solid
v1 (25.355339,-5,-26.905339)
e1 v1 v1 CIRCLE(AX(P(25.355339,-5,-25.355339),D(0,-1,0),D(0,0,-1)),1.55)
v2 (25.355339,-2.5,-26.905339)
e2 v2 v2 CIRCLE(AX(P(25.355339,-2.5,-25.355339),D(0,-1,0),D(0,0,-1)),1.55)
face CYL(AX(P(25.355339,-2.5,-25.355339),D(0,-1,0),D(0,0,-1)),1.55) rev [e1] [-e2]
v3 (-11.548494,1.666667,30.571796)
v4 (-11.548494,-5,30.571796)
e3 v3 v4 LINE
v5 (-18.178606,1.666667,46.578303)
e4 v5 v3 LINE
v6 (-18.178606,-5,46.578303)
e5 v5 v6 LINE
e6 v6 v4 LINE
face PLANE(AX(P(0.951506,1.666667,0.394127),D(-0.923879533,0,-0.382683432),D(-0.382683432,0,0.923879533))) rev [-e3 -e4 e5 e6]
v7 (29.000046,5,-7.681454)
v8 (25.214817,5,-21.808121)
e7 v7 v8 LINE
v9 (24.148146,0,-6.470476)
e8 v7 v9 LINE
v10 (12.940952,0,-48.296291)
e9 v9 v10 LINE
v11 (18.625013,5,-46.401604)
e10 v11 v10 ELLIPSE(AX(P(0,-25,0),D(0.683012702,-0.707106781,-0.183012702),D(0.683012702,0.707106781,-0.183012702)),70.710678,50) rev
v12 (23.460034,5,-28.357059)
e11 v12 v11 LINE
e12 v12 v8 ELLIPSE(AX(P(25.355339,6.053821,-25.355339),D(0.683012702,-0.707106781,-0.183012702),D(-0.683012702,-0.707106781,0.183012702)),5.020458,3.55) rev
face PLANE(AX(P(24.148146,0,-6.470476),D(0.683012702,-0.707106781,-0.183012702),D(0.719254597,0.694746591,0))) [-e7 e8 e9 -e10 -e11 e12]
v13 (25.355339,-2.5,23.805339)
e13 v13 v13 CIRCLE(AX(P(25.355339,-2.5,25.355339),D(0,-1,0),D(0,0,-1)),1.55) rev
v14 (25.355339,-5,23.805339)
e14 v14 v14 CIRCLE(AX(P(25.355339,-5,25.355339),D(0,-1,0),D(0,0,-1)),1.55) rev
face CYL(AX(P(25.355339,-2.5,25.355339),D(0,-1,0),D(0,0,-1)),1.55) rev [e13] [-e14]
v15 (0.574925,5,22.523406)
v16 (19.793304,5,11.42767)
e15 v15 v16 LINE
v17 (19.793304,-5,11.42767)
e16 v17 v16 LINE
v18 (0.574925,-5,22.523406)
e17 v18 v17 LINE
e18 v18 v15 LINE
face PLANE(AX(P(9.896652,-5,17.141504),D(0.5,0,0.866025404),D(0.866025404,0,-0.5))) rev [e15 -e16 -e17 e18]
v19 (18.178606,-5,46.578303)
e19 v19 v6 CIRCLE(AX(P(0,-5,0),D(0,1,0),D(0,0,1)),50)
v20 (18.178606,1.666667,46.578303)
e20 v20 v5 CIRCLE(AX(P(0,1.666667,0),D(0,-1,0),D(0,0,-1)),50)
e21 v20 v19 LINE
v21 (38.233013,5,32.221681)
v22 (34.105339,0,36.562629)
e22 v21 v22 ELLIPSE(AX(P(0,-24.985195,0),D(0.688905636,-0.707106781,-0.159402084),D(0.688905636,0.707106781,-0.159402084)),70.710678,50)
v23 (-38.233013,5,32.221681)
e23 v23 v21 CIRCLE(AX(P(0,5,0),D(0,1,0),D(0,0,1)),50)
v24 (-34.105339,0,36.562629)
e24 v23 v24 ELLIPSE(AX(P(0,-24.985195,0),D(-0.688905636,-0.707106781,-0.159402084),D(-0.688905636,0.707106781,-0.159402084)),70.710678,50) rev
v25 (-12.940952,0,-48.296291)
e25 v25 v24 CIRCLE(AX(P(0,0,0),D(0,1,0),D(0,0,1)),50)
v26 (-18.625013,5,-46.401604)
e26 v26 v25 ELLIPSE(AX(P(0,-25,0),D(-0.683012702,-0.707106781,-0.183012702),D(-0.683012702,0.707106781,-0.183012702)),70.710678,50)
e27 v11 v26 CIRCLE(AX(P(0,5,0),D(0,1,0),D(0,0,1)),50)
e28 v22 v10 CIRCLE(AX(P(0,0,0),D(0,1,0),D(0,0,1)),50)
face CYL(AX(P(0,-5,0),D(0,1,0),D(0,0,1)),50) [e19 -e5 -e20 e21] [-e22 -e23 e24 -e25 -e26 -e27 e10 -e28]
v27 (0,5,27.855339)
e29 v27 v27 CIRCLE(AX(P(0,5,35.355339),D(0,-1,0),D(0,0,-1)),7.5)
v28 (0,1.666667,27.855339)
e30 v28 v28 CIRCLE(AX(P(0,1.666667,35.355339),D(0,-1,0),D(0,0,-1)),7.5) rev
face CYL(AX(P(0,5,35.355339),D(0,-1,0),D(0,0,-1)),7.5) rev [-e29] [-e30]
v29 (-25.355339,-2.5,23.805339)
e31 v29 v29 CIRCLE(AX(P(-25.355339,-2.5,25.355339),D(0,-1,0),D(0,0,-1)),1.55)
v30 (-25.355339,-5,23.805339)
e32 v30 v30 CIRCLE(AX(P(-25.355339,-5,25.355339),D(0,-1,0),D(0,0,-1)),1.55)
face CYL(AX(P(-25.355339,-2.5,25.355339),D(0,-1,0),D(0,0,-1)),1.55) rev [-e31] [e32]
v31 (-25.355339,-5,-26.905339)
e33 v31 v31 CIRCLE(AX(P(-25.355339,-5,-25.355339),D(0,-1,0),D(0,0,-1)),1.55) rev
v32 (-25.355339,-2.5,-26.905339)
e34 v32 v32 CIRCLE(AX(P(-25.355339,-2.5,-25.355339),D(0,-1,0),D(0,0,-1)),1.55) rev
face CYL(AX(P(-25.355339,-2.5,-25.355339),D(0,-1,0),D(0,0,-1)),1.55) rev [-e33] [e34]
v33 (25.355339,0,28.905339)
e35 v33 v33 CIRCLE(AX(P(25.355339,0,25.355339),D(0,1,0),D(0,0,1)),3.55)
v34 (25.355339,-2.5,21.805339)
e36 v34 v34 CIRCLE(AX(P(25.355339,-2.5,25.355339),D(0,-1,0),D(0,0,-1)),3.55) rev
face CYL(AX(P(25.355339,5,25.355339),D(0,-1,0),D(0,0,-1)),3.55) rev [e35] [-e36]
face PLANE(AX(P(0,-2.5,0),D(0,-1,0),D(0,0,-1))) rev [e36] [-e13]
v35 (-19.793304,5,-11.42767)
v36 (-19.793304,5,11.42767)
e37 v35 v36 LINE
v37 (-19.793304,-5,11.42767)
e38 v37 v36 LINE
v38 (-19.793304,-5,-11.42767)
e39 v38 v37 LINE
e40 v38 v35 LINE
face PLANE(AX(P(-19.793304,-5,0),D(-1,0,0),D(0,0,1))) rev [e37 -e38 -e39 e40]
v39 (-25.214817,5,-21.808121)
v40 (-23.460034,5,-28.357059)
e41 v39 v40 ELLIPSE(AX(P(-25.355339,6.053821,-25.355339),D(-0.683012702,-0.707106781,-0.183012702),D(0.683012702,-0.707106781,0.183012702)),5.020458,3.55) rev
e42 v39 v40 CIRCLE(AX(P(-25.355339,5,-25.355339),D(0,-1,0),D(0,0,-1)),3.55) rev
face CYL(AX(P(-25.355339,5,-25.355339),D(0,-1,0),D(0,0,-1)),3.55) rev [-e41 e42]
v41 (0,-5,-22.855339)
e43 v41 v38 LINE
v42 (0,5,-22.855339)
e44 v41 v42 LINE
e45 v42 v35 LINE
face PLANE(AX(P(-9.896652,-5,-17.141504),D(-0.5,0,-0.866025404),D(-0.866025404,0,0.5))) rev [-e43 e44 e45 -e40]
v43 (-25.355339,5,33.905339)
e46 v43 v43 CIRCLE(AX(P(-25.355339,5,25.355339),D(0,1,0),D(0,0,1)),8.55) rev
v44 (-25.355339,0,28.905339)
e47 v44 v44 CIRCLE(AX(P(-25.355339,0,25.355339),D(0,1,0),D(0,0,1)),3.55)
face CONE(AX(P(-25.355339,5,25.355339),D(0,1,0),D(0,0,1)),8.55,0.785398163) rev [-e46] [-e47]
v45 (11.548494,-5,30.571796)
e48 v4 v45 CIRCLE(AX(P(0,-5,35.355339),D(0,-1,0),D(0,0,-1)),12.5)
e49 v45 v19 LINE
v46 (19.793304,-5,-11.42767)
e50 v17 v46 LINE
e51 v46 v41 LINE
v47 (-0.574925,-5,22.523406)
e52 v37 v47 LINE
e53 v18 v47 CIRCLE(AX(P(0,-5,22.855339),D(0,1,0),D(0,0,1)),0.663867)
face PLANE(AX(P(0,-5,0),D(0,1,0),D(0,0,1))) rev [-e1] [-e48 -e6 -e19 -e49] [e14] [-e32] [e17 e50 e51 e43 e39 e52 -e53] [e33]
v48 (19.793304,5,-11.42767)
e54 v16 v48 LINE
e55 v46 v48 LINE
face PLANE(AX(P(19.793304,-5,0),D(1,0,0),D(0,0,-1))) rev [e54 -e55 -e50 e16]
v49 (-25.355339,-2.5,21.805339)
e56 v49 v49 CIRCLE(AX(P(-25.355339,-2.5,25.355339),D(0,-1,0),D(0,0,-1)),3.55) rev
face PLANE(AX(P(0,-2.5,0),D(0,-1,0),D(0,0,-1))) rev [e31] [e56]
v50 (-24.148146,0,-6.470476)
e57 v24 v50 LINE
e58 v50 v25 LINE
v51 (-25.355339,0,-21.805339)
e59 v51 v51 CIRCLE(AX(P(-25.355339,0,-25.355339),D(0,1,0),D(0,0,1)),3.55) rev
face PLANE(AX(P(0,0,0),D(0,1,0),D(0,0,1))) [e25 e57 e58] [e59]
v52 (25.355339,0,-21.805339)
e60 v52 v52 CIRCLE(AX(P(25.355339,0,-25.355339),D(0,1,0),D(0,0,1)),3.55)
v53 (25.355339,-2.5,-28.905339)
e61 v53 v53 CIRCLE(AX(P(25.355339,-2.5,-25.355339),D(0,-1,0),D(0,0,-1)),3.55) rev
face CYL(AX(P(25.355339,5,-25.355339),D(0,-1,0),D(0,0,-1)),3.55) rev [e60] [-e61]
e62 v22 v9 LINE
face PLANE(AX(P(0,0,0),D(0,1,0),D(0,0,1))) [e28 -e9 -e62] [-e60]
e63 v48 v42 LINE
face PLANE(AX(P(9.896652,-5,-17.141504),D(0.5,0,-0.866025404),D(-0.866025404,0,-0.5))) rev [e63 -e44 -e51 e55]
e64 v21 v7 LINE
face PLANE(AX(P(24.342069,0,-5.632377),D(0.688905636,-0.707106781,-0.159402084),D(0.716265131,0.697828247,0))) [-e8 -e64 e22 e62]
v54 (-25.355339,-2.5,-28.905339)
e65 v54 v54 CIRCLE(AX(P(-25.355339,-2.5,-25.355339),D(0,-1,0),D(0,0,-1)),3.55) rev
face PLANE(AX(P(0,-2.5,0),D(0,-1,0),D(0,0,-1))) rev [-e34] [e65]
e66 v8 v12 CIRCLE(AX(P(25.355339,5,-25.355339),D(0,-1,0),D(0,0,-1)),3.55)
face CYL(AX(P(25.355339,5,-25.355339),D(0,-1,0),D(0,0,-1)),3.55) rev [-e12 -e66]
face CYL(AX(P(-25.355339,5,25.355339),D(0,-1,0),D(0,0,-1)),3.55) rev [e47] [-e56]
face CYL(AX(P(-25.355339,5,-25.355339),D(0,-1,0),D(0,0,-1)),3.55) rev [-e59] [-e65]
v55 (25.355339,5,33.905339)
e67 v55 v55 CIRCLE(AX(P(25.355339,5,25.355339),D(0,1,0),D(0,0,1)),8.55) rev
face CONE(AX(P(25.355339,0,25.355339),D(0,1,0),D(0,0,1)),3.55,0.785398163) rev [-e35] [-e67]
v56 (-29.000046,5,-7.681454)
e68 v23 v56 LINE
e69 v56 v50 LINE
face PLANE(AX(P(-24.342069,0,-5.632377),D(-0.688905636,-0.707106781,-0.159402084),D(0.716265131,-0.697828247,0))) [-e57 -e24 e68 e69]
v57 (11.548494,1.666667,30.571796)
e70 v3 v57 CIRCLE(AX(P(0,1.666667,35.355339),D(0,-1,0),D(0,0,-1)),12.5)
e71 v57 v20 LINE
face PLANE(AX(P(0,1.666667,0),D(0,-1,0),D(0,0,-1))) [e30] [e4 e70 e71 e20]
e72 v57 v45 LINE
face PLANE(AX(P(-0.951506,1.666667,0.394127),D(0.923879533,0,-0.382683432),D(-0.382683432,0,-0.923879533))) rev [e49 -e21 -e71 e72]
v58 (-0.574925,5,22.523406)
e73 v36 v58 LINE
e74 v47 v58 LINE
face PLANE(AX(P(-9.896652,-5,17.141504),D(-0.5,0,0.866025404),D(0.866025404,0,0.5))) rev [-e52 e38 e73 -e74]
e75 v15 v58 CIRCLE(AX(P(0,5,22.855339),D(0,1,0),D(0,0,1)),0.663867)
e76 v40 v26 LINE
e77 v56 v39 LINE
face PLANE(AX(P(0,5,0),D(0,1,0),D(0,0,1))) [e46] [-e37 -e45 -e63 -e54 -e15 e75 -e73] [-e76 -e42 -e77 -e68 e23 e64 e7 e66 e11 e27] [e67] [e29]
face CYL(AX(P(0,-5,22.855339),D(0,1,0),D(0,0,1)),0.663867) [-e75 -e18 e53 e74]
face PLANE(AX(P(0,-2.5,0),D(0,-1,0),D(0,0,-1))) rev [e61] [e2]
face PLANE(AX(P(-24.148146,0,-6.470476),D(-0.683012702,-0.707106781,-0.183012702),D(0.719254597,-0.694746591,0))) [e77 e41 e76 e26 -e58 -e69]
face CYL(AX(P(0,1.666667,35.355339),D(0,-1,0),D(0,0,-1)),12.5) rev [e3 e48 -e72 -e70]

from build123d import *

# Parameters (mm, degrees)
SKETCH1_R               = 50
BOSS_EXTRUDE1_DEPTH     = 5
BOSS_EXTRUDE3_START     = 5
BOSS_EXTRUDE3_DEPTH     = 5
DRAFT2_ANGLE            = -45
CUT_EXTRUDE3_DEPTH      = 72.414284285
CUT_EXTRUDE3_DEPTH_BACK = 72.414284285
SKETCH3_R               = 7.5
CUT_EXTRUDE5_START      = -6.666666667
CUT_EXTRUDE5_DEPTH      = 6.666666667
SKETCH5_R               = 3.55
SKETCH5_R_2             = 1.55
CUT_EXTRUDE6_DEPTH      = 72.414284285
SKETCH5_3_R             = 3.55
SKETCH5_3_R_2           = 1.55
BOSS_EXTRUDE4_DEPTH     = 2.5
CUT_EXTRUDE8_DEPTH      = 72.414284285
CHAMFER1_SIZE           = 5


with BuildPart() as part:
    # Sketch1 → Boss-Extrude1 (new body)
    with BuildSketch(Plane(origin=(0, 0, 0), x_dir=(1, 0, 0), z_dir=(0, 1, 0))):
        with Locations(Location((0, 0, 0), (0, 0, 270))):
            Circle(SKETCH1_R)
    extrude(amount=-BOSS_EXTRUDE1_DEPTH)

    # Sketch1<6> → Boss-Extrude3 (add)
    with BuildSketch(Plane(origin=(0, 0, 0), x_dir=(1, 0, 0), z_dir=(0, 1, 0)).offset(BOSS_EXTRUDE3_START)):
        with BuildLine():
            Line((-24.148145658, 6.470476128), (-34.10533906, -36.562629112))
            ThreePointArc((-34.10533906, -36.562629112), (0, -50), (34.10533906, -36.562629112))
            Line((34.10533906, -36.562629112), (24.148145658, 6.470476128))
            Line((24.148145658, 6.470476128), (12.940952256, 48.296291314))
            ThreePointArc((12.940952256, 48.296291314), (0, 50), (-12.940952256, 48.296291314))
            Line((-12.940952256, 48.296291314), (-24.148145658, 6.470476128))
        make_face()
    extrude(amount=-BOSS_EXTRUDE3_DEPTH)

    # Draft2
    draft2_faces = [part.faces().sort_by_distance(p)[0] for p in [
        (-29.126742359, 2.5, 15.046076492),
        (-18.544548957, 2.5, -27.383383721),
        (18.544548957, 2.5, -27.383383721),
        (29.126742359, 2.5, 15.046076492),
    ]]
    draft(draft2_faces, Plane.ZX, DRAFT2_ANGLE)

    # Sketch3 → Cut-Extrude3 (cut, two sides: drawn at the far end of the back side and taken through both)
    with BuildSketch(Plane.XZ.offset(5).offset(-CUT_EXTRUDE3_DEPTH_BACK)):
        with Locations(Location((0, 35.355339059, 0), (0, 0, 270))):
            Circle(SKETCH3_R)
    extrude(amount=CUT_EXTRUDE3_DEPTH + CUT_EXTRUDE3_DEPTH_BACK, mode=Mode.SUBTRACT)

    # Sketch4 → Cut-Extrude5 (cut)
    with BuildSketch(Plane.XZ.offset(5).offset(CUT_EXTRUDE5_START)):
        with BuildLine():
            ThreePointArc((18.178606224, 46.578302628), (0, 50), (-18.178606224, 46.578302628))
            Line((-18.178606224, 46.578302628), (-11.548494202, 30.571796264))
            ThreePointArc((-11.548494202, 30.571796264), (3.3e-08, 22.855339059), (11.548494227, 30.571796326))
            Line((11.548494227, 30.571796326), (18.178606224, 46.578302628))
        make_face()
    extrude(amount=CUT_EXTRUDE5_DEPTH, mode=Mode.SUBTRACT)

    # Sketch5 → Cut-Extrude6 (cut, through all)
    # profile 1 of 8: a face of its own
    with BuildSketch(Plane.XZ.offset(5)):
        with Locations(Location((25.355339059, 25.355339059, 0), (0, 0, 270))):
            Circle(SKETCH5_R)
        with Locations((25.355339059, 25.355339059)):
            Circle(SKETCH5_R_2, mode=Mode.SUBTRACT)
    # profile 2 of 8: a face of its own
    with BuildSketch(Plane.XZ.offset(5)):
        with Locations((25.355339059, 25.355339059)):
            Circle(SKETCH5_R_2)
    # profile 3 of 8: a face of its own
    with BuildSketch(Plane.XZ.offset(5)):
        with Locations(Location((25.355339059, -25.355339059, 0), (0, 0, 270))):
            Circle(SKETCH5_R)
        with Locations((25.355339059, -25.355339059)):
            Circle(SKETCH5_R_2, mode=Mode.SUBTRACT)
    # profile 4 of 8: a face of its own
    with BuildSketch(Plane.XZ.offset(5)):
        with Locations((25.355339059, -25.355339059)):
            Circle(SKETCH5_R_2)
    # profile 5 of 8: a face of its own
    with BuildSketch(Plane.XZ.offset(5)):
        with Locations(Location((-25.355339059, -25.355339059, 0), (0, 0, 270))):
            Circle(SKETCH5_R)
        with Locations((-25.355339059, -25.355339059)):
            Circle(SKETCH5_R_2, mode=Mode.SUBTRACT)
    # profile 6 of 8: a face of its own
    with BuildSketch(Plane.XZ.offset(5)):
        with Locations((-25.355339059, -25.355339059)):
            Circle(SKETCH5_R_2)
    # profile 7 of 8: a face of its own
    with BuildSketch(Plane.XZ.offset(5)):
        with Locations(Location((-25.355339059, 25.355339059, 0), (0, 0, 270))):
            Circle(SKETCH5_R)
        with Locations((-25.355339059, 25.355339059)):
            Circle(SKETCH5_R_2, mode=Mode.SUBTRACT)
    # profile 8 of 8: a face of its own
    with BuildSketch(Plane.XZ.offset(5)):
        with Locations((-25.355339059, 25.355339059)):
            Circle(SKETCH5_R_2)
    extrude(amount=-CUT_EXTRUDE6_DEPTH, mode=Mode.SUBTRACT)

    # Sketch5<3> → Boss-Extrude4 (add)
    # profile 1 of 4: a face of its own
    with BuildSketch(Plane.XZ.offset(5)):
        with Locations(Location((25.355339059, -25.355339059, 0), (0, 0, 270))):
            Circle(SKETCH5_3_R)
        with Locations(Location((25.355339059, -25.355339059, 0), (0, 0, 270))):
            Circle(SKETCH5_3_R_2, mode=Mode.SUBTRACT)
    # profile 2 of 4: a face of its own
    with BuildSketch(Plane.XZ.offset(5)):
        with Locations(Location((-25.355339059, -25.355339059, 0), (0, 0, 270))):
            Circle(SKETCH5_3_R)
        with Locations(Location((-25.355339059, -25.355339059, 0), (0, 0, 270))):
            Circle(SKETCH5_3_R_2, mode=Mode.SUBTRACT)
    # profile 3 of 4: a face of its own
    with BuildSketch(Plane.XZ.offset(5)):
        with Locations(Location((25.355339059, 25.355339059, 0), (0, 0, 270))):
            Circle(SKETCH5_3_R)
        with Locations(Location((25.355339059, 25.355339059, 0), (0, 0, 270))):
            Circle(SKETCH5_3_R_2, mode=Mode.SUBTRACT)
    # profile 4 of 4: a face of its own
    with BuildSketch(Plane.XZ.offset(5)):
        with Locations(Location((-25.355339059, 25.355339059, 0), (0, 0, 270))):
            Circle(SKETCH5_3_R)
        with Locations(Location((-25.355339059, 25.355339059, 0), (0, 0, 270))):
            Circle(SKETCH5_3_R_2, mode=Mode.SUBTRACT)
    extrude(amount=-BOSS_EXTRUDE4_DEPTH)

    # Sketch6 → Cut-Extrude8 (cut, through all)
    with BuildSketch(Plane(origin=(0, 5, 0), x_dir=(1, 0, 0), z_dir=(0, 1, 0))):
        with BuildLine():
            ThreePointArc((-0.574925376, -22.523405739), (0, -22.191472419), (0.574925376, -22.523405739))
            Line((0.574925376, -22.523405739), (19.793304237, -11.42766953))
            Line((19.793304237, -11.42766953), (19.793304237, 11.42766953))
            Line((19.793304237, 11.42766953), (0, 22.855339059))
            Line((0, 22.855339059), (-19.793304237, 11.42766953))
            Line((-19.793304237, 11.42766953), (-19.793304237, -11.42766953))
            Line((-19.793304237, -11.42766953), (-0.574925376, -22.523405739))
        make_face()
    extrude(amount=-CUT_EXTRUDE8_DEPTH, mode=Mode.SUBTRACT)

    # Chamfer1
    chamfer1_edges = [part.edges().sort_by_distance(p)[0] for p in [
        (-25.355339059, 5, 28.905339059),
        (25.355339059, 5, 28.905339059),
    ]]
    chamfer(chamfer1_edges, length=CHAMFER1_SIZE)


solid = part.part
